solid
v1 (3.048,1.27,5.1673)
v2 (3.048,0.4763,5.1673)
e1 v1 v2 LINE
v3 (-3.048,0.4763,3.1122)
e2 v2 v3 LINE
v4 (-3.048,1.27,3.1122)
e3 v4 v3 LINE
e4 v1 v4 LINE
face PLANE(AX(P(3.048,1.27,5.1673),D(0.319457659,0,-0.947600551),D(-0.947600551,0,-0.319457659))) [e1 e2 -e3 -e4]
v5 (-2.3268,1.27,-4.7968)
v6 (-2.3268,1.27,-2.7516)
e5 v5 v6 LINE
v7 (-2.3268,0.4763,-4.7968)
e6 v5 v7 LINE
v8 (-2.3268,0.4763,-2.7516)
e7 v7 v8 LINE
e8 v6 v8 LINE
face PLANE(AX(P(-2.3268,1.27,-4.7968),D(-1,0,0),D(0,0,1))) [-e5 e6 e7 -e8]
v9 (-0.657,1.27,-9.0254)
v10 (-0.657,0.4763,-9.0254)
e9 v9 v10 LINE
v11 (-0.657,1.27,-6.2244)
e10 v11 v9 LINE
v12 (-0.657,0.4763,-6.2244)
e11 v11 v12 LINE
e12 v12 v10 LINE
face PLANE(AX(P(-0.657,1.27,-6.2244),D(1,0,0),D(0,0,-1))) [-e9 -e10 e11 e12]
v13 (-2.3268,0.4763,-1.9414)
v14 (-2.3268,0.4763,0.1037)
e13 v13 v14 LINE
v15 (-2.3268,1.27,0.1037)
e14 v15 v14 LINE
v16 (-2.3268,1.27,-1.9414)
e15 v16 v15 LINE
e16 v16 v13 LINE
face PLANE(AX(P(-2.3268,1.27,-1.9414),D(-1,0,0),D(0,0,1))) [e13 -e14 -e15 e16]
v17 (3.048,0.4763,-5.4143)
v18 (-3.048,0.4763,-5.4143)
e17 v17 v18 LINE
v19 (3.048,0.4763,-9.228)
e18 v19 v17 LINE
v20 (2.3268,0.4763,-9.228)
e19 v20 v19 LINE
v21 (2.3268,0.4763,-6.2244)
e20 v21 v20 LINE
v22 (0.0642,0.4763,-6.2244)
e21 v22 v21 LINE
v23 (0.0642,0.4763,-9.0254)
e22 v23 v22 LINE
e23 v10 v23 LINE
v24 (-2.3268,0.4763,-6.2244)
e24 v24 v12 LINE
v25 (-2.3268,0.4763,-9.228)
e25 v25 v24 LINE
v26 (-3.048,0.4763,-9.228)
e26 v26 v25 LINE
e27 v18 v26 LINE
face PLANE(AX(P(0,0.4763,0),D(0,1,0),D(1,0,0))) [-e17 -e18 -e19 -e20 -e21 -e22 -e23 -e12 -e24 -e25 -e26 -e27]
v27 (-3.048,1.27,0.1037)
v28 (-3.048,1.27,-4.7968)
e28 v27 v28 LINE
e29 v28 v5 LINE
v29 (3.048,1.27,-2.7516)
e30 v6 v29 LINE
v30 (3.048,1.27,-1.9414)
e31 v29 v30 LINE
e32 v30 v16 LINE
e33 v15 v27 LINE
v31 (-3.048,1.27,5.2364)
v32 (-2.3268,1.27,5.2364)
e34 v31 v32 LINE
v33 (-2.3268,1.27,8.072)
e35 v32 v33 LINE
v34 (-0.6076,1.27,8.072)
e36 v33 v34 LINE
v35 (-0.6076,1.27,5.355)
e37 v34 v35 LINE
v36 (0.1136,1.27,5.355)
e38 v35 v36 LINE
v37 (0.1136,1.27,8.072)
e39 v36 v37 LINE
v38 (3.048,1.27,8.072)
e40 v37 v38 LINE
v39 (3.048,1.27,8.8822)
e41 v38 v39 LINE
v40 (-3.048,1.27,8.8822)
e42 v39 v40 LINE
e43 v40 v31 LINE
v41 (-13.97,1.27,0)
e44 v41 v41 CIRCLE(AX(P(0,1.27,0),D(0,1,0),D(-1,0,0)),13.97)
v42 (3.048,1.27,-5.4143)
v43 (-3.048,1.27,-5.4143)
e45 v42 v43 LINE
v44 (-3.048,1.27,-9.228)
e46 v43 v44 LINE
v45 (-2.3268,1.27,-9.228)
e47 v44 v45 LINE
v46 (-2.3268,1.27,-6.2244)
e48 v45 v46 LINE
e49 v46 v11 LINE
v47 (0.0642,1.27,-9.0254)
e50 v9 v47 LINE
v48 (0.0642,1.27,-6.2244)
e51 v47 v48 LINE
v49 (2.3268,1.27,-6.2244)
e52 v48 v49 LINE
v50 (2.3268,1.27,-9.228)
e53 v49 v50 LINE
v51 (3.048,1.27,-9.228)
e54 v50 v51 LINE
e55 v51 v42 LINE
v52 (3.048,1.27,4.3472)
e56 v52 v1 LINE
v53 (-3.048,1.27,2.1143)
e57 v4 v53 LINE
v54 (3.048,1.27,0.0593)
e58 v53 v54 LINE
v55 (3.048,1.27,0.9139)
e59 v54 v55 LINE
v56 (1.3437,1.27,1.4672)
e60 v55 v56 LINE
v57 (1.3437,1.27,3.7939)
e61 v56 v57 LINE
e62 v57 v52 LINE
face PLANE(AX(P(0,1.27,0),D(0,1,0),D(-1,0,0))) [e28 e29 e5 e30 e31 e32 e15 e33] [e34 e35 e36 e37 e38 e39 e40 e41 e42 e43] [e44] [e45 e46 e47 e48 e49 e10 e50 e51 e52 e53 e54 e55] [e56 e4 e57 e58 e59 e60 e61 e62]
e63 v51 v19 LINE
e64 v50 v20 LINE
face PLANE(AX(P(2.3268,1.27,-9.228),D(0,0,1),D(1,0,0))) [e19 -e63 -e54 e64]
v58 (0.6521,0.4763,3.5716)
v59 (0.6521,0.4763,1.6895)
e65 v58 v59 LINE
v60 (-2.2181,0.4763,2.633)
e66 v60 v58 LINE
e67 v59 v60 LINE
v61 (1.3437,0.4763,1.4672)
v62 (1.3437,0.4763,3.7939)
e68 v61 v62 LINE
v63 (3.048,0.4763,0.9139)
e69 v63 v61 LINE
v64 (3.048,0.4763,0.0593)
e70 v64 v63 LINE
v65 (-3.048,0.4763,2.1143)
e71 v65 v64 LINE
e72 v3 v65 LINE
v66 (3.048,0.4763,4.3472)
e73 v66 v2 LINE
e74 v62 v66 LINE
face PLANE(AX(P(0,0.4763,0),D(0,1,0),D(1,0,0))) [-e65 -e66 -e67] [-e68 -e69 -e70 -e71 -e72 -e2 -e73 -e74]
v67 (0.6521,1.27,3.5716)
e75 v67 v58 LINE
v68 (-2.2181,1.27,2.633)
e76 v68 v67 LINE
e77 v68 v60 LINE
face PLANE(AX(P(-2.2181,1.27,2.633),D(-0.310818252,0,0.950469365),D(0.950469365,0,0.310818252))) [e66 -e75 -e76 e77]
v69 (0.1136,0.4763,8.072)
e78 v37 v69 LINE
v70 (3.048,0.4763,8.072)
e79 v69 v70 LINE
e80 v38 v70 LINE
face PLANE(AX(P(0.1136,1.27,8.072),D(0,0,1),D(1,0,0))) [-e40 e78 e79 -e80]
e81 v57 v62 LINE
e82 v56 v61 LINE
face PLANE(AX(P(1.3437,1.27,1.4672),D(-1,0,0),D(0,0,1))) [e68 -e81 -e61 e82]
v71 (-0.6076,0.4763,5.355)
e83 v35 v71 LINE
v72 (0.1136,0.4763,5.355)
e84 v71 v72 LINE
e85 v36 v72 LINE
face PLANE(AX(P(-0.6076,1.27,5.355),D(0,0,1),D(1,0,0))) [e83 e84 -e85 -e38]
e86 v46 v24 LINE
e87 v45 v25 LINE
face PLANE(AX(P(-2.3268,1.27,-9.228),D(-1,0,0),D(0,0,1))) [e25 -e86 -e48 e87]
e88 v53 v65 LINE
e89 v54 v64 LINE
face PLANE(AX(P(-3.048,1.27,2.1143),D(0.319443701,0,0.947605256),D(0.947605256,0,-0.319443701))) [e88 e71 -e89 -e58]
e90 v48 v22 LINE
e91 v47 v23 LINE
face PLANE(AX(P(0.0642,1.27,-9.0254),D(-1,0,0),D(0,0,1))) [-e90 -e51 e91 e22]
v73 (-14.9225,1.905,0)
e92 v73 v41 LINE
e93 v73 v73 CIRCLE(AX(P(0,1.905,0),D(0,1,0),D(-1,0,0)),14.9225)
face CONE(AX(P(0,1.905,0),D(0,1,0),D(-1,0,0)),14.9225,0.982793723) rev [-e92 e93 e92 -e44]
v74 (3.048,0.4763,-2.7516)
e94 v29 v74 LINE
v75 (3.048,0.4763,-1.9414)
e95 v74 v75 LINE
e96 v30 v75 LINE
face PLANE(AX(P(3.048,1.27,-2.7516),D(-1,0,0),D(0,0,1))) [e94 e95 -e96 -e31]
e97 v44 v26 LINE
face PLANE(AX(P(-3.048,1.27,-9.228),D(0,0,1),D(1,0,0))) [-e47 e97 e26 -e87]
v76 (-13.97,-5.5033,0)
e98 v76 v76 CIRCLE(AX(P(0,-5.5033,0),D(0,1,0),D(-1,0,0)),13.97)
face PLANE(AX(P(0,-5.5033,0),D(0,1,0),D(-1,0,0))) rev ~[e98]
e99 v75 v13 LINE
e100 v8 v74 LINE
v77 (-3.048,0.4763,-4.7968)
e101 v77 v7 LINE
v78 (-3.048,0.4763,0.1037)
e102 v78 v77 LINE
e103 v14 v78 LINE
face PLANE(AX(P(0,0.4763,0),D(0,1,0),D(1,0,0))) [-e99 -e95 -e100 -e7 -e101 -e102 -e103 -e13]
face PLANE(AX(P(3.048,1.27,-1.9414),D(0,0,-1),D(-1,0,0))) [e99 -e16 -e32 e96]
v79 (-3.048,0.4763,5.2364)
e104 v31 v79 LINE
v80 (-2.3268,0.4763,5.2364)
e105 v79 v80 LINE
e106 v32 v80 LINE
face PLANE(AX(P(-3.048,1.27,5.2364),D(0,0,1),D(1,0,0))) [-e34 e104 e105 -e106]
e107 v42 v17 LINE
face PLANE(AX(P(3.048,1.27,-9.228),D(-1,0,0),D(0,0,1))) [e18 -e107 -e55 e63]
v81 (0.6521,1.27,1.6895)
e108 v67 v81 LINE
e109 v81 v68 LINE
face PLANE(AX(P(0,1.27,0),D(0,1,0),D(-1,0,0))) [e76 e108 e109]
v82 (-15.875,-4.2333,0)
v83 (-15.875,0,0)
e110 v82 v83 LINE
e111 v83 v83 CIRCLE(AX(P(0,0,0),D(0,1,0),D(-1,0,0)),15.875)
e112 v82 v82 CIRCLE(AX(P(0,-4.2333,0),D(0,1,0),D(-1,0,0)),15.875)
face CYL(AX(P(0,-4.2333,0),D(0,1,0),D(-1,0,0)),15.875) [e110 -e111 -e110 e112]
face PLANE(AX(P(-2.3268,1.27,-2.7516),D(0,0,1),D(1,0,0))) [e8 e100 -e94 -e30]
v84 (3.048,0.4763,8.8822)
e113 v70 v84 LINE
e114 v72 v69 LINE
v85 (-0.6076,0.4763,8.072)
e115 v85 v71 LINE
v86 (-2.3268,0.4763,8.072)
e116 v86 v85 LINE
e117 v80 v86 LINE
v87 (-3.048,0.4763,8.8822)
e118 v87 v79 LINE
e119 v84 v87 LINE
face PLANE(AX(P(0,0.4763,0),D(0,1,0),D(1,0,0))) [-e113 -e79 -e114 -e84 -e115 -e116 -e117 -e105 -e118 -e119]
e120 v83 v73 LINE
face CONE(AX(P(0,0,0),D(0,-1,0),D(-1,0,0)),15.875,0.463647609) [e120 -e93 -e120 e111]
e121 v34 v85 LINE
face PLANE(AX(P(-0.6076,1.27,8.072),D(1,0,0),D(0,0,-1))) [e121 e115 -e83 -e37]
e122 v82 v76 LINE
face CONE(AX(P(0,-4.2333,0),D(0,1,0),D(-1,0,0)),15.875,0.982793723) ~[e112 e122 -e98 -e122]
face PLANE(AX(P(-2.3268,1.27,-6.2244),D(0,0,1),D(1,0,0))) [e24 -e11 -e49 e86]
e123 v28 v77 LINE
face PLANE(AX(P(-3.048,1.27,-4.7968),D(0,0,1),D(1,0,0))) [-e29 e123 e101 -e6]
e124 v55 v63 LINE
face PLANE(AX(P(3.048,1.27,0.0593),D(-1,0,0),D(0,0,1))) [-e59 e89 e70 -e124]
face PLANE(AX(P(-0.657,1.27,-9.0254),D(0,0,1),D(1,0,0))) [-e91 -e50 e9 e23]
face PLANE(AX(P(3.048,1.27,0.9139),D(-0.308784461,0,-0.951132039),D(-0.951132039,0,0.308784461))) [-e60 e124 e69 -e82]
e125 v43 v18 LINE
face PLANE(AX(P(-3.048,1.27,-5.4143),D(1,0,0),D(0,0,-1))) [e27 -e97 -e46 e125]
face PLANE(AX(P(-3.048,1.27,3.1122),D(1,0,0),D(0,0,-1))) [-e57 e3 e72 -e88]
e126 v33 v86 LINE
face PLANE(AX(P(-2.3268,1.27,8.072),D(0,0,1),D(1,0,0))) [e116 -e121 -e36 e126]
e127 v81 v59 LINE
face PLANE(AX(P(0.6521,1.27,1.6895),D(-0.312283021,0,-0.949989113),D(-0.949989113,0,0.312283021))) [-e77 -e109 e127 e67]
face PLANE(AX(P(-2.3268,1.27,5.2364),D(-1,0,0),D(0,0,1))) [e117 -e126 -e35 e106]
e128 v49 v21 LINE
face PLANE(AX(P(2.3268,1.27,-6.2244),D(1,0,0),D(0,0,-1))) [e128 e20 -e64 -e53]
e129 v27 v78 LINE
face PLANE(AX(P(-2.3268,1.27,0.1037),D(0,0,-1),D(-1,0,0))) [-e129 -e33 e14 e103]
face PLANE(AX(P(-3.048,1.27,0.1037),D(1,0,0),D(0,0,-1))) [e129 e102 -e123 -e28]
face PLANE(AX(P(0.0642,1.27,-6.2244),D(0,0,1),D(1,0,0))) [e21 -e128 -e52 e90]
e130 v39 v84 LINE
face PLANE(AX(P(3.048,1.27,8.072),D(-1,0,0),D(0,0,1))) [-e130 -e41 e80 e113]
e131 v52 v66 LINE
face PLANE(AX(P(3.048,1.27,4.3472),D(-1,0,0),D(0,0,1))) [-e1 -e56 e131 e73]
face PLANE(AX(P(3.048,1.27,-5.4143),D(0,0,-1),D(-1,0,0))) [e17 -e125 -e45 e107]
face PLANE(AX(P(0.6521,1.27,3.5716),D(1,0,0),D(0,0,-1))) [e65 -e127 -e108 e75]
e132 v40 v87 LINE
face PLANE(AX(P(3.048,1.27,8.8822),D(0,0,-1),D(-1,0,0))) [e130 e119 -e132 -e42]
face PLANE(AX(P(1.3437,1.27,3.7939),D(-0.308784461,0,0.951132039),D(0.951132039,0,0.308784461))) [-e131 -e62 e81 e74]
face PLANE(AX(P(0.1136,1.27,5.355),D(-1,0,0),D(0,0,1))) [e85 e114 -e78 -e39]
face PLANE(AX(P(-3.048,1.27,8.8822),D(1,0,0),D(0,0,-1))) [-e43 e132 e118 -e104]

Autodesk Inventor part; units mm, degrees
ref_plane "YZ Plane" through (0, 0, 0) normal (1, 0, 0) x (0, 1, 0)
ref_plane "XZ Plane" through (0, 0, 0) normal (0, 1, 0) x (-1, 0, 0)
ref_plane "XY Plane" through (0, 0, 0) normal (0, 0, 1) x (1, 0, 0)
sketch "Sketch1" plane through (0, 0, 0) normal (0, 0, 1) x (1, 0, 0)
  line L0 (-15.875, 0) -> (0, 0)
  line L1 (0, 0) -> (0, -4.2333)
  line L2 (0, -4.2333) -> (-15.875, -4.2333)
  line L3 (-15.875, -4.2333) -> (-15.875, 0)
  line L4 (0, -4.2333) -> (-13.97, -4.2333)
  line L5 (-13.97, -4.2333) -> (-13.97, -5.5033)
  line L6 (-13.97, -5.5033) -> (0, -5.5033)
  line L7 (0, -5.5033) -> (0, -4.2333)
  line L8 (-15.875, -4.2333) -> (-13.6299, -4.2333) construction
  line L9 (-15.875, 0) -> (-12.7, 0) construction
  line L10 (-13.97, 1.27) -> (0, 1.27)
  line L11 (0, 1.27) -> (0, 0)
  line L12 (0, 0) -> (-13.97, 0)
  line L13 (-13.97, 0) -> (-13.97, 1.27)
  line L14 (-15.875, 0) -> (-12.8362, 0) construction
  line L15 (-15.875, -4.2333) -> (-13.97, -5.5033)
  line L16 (-15.875, 0) -> (-14.9225, 1.905)
  line L17 (-14.9225, 1.905) -> (-13.97, 1.27)
  line L18 (-13.97, 0) -> (-15.875, 0)
  line L19 (0, -6.985) -> (0, 3.3867) projected
  point P0 (0, 0)
  point P1 (-13.97, 0.635)
  point P2 (0, 0.635)
  point P3 (-6.985, -4.2333)
  point P4 (-14.9225, 0)
  dimension "d0" = 0
  dimension "d1" = 4.2333
  dimension "d2" = 15.875
  dimension "d3" = 0
  dimension "d5" = 13.97
  dimension "d9" = 13.97
  dimension "d10" = 1.27
  dimension "d11" = 1.27
  dimension "d12" = 0.635
  dimension "d13" = 0
revolve "Revolution1" add sketch "Sketch1" angle 360 about axis through (0, -10, 0) along (0, 1, 0)
sketch "Sketch2" plane through (0, 1.27, 0) normal (0, 1, 0) x (1, 0, 0)
  line L0 (-2.3268, -5.2364) -> (-2.3268, -8.072)
  line L1 (-2.3268, -8.072) -> (-0.6076, -8.072)
  line L2 (-0.6076, -8.072) -> (-0.6076, -5.355)
  line L3 (-0.6076, -5.355) -> (0.1136, -5.355)
  line L4 (0.1136, -5.355) -> (0.1136, -8.072)
  line L5 (0.1136, -8.072) -> (3.048, -8.072)
  line L6 (3.048, -8.072) -> (3.048, -8.8822)
  line L7 (3.048, -8.8822) -> (-3.048, -8.8822)
  line L8 (-3.048, -8.8822) -> (-3.048, -5.2364)
  line L9 (-3.048, -5.2364) -> (-2.3268, -5.2364)
  line L10 (3.048, -5.1673) -> (-3.048, -3.1122)
  line L11 (-3.048, -3.1122) -> (-3.048, -2.1143)
  line L12 (-3.048, -2.1143) -> (3.048, -0.0593)
  line L13 (3.048, -0.0593) -> (3.048, -0.9139)
  line L14 (3.048, -0.9139) -> (1.3437, -1.4672)
  line L15 (1.3437, -1.4672) -> (1.3437, -3.7939)
  line L16 (1.3437, -3.7939) -> (3.048, -4.3472)
  line L17 (3.048, -4.3472) -> (3.048, -5.1673)
  line L18 (0.6521, -1.6895) -> (-2.2181, -2.633)
  line L19 (-2.2181, -2.633) -> (0.6521, -3.5716)
  line L20 (0.6521, -3.5716) -> (0.6521, -1.6895)
  line L21 (3.048, 1.9414) -> (-2.3268, 1.9414)
  line L22 (-2.3268, 1.9414) -> (-2.3268, -0.1037)
  line L23 (-2.3268, -0.1037) -> (-3.048, -0.1037)
  line L24 (-3.048, -0.1037) -> (-3.048, 4.7968)
  line L25 (-3.048, 4.7968) -> (-2.3268, 4.7968)
  line L26 (-2.3268, 4.7968) -> (-2.3268, 2.7516)
  line L27 (-2.3268, 2.7516) -> (3.048, 2.7516)
  line L28 (3.048, 2.7516) -> (3.048, 1.9414)
  line L29 (3.048, 5.4143) -> (-3.048, 5.4143)
  line L30 (-3.048, 5.4143) -> (-3.048, 9.228)
  line L31 (-3.048, 9.228) -> (-2.3268, 9.228)
  line L32 (-2.3268, 9.228) -> (-2.3268, 6.2244)
  line L33 (-2.3268, 6.2244) -> (-0.657, 6.2244)
  line L34 (-0.657, 6.2244) -> (-0.657, 9.0254)
  line L35 (-0.657, 9.0254) -> (0.0642, 9.0254)
  line L36 (0.0642, 9.0254) -> (0.0642, 6.2244)
  line L37 (0.0642, 6.2244) -> (2.3268, 6.2244)
  line L38 (2.3268, 6.2244) -> (2.3268, 9.228)
  line L39 (2.3268, 9.228) -> (3.048, 9.228)
  line L40 (3.048, 9.228) -> (3.048, 5.4143)
  point P0 (0, 0)
  point P1 (0, 0)
extrude "Extrusion1" cut sketch "Sketch2" against normal blind 0.7937
equation "\"d17\" = 0.5 * d16"
equation "\"d16\" = 12.7"
properties part number "Fate Game Piece V1.01"
